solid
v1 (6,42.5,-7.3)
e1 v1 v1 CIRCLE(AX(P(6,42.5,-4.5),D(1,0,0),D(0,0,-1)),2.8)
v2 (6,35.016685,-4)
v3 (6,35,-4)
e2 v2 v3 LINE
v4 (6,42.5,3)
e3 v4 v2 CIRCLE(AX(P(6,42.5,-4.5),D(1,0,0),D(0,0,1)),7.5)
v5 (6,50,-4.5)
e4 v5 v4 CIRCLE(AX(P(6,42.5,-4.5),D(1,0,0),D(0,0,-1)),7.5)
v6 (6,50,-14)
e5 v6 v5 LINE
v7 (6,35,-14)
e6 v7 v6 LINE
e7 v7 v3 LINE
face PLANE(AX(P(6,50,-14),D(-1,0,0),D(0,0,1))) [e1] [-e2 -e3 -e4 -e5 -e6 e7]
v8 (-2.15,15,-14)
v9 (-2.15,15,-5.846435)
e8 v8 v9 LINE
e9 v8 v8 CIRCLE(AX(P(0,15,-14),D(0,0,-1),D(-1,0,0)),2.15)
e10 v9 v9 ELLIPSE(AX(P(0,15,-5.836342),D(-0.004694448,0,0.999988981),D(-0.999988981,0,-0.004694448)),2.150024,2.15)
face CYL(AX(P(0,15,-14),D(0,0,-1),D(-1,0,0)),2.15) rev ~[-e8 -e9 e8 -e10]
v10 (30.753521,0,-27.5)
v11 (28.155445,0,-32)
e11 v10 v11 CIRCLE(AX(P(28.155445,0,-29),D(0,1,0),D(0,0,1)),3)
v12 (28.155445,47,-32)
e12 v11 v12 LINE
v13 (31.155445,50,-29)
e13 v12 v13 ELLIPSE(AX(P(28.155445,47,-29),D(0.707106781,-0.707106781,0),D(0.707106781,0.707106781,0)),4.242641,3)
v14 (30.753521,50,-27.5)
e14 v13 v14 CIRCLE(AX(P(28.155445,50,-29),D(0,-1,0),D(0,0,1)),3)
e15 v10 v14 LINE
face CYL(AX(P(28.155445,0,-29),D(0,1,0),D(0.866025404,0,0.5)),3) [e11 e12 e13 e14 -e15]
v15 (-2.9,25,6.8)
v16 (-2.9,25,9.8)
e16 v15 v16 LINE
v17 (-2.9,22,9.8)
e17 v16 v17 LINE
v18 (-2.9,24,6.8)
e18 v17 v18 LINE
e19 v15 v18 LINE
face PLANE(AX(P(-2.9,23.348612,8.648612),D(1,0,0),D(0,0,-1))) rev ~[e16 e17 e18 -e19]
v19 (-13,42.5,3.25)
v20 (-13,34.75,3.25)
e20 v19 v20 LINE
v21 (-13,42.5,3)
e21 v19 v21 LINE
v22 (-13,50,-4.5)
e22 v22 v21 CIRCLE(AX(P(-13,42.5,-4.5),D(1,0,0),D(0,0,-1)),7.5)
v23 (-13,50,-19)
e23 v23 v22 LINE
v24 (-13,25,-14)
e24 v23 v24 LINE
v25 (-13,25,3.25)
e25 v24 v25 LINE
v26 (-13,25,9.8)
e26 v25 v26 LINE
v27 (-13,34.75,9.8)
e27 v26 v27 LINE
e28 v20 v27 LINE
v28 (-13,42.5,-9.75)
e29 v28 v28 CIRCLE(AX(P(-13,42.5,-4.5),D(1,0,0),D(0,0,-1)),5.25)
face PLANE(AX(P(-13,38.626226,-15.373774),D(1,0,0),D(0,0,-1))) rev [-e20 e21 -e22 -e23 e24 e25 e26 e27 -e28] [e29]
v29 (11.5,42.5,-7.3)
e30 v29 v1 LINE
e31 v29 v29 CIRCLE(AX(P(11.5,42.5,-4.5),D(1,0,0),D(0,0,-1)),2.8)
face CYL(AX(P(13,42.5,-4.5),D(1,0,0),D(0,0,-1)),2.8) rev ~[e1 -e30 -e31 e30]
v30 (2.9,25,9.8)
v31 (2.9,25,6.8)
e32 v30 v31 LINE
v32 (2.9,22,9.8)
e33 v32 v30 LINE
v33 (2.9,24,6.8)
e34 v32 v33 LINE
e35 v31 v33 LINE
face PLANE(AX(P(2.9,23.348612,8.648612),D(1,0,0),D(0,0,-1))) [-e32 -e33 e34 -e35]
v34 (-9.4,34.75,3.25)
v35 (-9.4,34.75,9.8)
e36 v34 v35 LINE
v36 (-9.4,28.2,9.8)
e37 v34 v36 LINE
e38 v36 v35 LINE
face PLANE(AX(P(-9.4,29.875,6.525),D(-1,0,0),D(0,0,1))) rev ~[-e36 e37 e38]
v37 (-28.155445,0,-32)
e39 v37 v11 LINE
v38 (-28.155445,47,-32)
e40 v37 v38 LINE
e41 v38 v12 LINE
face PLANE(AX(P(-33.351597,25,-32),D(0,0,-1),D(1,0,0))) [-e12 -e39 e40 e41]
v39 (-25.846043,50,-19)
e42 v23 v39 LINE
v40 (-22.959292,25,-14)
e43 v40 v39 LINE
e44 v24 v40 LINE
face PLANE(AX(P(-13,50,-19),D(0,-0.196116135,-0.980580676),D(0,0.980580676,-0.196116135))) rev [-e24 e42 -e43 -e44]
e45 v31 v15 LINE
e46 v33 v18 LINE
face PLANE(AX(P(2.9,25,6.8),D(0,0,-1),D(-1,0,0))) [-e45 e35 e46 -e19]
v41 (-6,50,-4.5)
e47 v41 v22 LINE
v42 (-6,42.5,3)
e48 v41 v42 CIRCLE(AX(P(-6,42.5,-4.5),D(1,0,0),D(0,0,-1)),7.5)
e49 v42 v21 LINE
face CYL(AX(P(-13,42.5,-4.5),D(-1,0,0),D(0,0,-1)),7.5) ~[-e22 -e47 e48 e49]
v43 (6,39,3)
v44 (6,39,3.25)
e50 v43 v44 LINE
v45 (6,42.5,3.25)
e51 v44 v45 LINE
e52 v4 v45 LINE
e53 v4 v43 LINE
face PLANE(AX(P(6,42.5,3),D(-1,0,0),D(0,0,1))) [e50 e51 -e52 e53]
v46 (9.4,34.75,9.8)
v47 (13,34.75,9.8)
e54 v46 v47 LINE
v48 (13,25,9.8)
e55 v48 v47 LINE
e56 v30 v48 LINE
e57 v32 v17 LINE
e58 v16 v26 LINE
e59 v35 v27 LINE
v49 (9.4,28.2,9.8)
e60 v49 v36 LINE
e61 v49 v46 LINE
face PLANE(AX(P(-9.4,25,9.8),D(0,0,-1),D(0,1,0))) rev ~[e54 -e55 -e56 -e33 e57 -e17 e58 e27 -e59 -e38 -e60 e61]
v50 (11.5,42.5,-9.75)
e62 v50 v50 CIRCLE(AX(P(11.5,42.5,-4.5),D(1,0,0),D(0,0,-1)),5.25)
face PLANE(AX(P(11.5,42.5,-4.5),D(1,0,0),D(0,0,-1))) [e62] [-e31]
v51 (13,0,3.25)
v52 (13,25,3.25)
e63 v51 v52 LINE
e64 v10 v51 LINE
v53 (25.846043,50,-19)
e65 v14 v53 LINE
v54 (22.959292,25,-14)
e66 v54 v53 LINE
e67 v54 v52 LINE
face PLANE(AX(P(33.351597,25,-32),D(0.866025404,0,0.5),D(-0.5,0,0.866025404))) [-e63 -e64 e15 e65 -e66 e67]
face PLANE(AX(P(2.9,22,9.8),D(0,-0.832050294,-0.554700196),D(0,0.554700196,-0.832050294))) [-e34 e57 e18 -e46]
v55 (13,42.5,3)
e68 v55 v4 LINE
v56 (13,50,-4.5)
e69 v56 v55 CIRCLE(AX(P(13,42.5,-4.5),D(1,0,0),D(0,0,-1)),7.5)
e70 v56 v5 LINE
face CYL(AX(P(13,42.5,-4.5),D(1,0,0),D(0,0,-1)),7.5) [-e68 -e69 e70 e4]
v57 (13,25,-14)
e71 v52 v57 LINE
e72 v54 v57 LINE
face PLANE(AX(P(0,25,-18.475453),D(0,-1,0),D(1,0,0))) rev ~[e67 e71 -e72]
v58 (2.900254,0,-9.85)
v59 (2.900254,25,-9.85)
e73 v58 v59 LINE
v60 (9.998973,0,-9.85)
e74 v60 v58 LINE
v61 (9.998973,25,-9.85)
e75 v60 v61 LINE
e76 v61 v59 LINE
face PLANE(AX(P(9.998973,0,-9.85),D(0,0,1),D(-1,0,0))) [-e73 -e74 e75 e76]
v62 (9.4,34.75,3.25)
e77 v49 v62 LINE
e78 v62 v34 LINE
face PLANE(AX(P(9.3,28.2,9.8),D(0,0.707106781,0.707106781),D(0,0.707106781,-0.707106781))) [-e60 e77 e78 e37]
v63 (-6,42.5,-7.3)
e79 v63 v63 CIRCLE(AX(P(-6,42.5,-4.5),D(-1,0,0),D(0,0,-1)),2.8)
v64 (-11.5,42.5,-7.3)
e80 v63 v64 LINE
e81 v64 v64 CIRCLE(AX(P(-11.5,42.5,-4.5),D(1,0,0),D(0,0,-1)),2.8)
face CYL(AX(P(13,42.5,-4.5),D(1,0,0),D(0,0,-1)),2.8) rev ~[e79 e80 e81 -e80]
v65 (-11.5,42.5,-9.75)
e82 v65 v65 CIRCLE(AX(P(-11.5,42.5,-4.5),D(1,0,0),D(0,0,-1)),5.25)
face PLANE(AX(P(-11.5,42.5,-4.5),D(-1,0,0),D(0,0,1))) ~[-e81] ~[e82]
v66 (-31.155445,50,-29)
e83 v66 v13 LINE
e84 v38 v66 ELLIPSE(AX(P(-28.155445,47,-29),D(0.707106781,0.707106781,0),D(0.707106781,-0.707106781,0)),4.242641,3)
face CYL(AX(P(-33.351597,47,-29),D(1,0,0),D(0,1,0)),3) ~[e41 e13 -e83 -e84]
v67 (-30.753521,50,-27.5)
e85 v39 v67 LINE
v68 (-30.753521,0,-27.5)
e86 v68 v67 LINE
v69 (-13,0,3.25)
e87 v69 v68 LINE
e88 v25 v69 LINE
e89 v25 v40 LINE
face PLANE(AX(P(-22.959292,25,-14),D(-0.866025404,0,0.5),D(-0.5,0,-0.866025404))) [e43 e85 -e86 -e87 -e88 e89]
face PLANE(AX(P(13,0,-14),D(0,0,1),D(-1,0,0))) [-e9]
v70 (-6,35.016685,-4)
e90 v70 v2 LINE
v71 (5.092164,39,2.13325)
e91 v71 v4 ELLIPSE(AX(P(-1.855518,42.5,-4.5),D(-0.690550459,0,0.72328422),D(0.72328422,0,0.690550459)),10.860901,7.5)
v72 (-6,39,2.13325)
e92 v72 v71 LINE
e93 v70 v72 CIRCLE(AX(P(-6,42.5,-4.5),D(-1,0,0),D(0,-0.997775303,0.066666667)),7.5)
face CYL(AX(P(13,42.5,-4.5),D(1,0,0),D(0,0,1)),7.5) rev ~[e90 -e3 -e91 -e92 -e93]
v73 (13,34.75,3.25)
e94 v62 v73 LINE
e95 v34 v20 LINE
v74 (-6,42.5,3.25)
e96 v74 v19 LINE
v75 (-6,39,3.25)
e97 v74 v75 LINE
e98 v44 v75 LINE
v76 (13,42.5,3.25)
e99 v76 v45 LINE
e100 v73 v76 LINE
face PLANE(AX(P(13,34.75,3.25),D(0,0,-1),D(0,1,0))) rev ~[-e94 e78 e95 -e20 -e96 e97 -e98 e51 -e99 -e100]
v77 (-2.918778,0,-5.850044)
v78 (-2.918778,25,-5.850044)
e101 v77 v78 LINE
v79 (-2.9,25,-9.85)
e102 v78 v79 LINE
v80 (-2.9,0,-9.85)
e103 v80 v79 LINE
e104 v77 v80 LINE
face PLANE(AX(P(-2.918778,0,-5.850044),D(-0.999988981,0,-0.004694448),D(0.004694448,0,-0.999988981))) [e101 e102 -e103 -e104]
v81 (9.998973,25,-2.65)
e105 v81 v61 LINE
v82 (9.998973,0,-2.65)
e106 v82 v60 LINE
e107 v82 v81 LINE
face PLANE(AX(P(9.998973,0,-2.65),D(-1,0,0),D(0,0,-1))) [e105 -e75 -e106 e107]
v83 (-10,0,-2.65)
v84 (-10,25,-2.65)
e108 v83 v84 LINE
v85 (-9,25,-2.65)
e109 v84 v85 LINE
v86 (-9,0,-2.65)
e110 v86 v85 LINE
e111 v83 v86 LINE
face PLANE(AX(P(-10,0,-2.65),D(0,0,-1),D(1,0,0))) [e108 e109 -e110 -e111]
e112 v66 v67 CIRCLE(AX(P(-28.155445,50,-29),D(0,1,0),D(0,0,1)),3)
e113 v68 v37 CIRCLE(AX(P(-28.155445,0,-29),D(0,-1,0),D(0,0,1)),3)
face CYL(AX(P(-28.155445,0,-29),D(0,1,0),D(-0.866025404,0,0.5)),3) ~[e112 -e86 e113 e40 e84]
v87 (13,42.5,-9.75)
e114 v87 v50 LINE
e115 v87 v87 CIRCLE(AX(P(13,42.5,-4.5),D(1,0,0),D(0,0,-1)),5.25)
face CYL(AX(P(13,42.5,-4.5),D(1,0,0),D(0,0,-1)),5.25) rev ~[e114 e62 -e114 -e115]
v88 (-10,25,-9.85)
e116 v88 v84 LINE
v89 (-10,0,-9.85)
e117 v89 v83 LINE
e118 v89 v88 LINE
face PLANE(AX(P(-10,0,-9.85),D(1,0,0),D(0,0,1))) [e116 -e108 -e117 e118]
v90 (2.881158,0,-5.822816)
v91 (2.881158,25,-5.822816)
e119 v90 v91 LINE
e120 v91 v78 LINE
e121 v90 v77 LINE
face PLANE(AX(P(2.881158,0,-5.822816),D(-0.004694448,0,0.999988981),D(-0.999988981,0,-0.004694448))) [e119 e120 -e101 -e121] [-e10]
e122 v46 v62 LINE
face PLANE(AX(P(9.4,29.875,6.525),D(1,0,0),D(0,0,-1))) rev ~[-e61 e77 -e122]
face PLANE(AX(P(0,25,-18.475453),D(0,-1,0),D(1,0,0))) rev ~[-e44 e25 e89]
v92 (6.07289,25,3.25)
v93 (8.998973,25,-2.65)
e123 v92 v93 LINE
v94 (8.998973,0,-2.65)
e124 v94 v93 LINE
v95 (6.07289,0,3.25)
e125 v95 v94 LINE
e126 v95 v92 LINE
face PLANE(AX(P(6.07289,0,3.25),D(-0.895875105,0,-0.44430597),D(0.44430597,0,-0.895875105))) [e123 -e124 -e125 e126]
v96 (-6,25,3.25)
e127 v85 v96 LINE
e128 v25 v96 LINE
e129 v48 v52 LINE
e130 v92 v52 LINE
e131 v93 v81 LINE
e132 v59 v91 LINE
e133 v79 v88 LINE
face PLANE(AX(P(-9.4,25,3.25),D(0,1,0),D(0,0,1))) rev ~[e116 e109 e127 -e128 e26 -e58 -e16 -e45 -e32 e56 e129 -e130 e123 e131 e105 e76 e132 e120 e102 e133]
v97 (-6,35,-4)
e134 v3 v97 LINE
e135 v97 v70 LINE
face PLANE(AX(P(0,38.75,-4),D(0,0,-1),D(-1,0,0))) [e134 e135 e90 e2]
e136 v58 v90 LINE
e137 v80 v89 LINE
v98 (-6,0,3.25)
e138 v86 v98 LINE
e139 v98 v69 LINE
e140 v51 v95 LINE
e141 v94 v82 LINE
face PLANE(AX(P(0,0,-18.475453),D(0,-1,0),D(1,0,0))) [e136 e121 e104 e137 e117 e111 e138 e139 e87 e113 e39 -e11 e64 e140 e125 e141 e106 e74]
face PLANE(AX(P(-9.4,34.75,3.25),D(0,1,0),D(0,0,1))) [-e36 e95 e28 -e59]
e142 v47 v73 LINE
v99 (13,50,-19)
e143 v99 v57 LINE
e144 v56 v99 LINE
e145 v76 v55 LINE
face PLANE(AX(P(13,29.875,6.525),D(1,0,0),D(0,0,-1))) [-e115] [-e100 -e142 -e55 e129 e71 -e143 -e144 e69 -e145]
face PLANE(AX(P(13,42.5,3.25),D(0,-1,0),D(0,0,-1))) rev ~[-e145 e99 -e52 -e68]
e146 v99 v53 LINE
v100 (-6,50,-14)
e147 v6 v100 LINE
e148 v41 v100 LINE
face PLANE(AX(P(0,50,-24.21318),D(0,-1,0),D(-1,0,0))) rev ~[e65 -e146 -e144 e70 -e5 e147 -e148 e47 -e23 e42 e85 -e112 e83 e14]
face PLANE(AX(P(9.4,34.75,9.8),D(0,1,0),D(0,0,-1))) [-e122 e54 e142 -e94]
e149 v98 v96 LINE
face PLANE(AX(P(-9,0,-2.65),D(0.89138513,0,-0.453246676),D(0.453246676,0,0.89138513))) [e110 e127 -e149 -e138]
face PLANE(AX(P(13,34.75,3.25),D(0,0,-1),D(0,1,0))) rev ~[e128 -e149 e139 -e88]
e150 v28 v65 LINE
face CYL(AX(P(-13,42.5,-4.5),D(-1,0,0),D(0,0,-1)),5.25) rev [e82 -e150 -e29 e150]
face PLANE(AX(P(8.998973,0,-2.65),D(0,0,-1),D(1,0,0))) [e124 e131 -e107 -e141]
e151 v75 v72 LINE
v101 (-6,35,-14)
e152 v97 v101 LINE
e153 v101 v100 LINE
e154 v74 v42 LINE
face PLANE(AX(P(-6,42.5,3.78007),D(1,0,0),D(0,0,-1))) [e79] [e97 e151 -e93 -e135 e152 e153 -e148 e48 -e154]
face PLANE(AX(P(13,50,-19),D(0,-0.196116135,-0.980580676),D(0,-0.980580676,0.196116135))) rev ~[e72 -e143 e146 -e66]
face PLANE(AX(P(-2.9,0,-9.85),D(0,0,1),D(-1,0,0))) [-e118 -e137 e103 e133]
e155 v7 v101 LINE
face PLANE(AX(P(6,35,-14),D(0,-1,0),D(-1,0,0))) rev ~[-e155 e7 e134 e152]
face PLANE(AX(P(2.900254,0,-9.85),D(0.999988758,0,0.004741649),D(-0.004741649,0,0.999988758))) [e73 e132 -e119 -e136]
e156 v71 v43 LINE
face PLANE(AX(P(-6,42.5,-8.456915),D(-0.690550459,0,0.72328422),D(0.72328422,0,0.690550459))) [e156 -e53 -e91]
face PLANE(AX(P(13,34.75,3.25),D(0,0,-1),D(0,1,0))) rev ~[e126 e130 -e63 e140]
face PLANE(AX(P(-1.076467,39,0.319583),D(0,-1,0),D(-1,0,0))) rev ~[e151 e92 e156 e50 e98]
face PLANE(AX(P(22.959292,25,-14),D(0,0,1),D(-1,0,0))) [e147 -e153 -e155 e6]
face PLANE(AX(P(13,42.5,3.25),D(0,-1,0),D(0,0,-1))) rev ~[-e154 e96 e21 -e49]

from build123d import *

# Parameters (mm, degrees)
BOSS_EXTRUDE1_DEPTH     = 50
CUT_EXTRUDE6_DEPTH      = 25
CUT_EXTRUDE3_DEPTH      = 39.00000000000001
SKETCH14_R              = 7.5000000000001545
BOSS_EXTRUDE7_DEPTH     = 7
SKETCH15_R              = 2.800000000000002
CUT_EXTRUDE4_DEPTH      = 27.999999999999996
SKETCH16_R              = 5.249999999999997
CUT_EXTRUDE5_DEPTH      = 1.5
CUT_EXTRUDE7_DEPTH      = 54.52569476429079
SKETCH19_R              = 2.1499999999999995
CUT_EXTRUDE9_DEPTH      = 50
ENL_V_MAT_EXTRU_1_DEPTH = 7.5
ENL_V_MAT_EXTRU_3_DEPTH = 10
BOSS_EXTRU_1_DEPTH      = 26.00000000000001
ENL_V_MAT_EXTRU_5_DEPTH = 3.5
BOSS_EXTRU_3_DEPTH      = 1
BOSS_EXTRU_4_START      = -5.8
BOSS_EXTRU_4_DEPTH      = 5.8
BOSS_EXTRU_5_DEPTH      = 0.1
BOSS_EXTRU_6_DEPTH      = 0.1
ESQUISSE13_W            = 6.549999999999918
ESQUISSE13_H            = 9.750000000000139
BOSS_EXTRU_7_DEPTH      = 3.6
ESQUISSE14_W            = 6.549999999999992
ESQUISSE14_H            = 9.750000000000139
BOSS_EXTRU_8_DEPTH      = 3.6
BOSS_EXTRU_11_DEPTH     = 25
BOSS_EXTRU_12_DEPTH     = 25
ENL_V_MAT_EXTRU_6_DEPTH = 28.00000000000001
CONG_1_R                = 3


with BuildPart() as part:
    # Sketch1 → Boss-Extrude1 (new body)
    with BuildSketch(Plane(origin=(0, 0, 0), x_dir=(1, 0, 0), z_dir=(0, 1, 0))):
        Polygon((-13.000000000000004, 14), (12.999999999999996, 14), (13.000000000000002, -14), (-12.999999999999998, -14), align=None)
    extrude(amount=BOSS_EXTRUDE1_DEPTH)

    # Sketch3 → Cut-Extrude6 (cut)
    with BuildSketch(Plane(origin=(0, 0, 0), x_dir=(1, 0, 0), z_dir=(0, 1, 0))):
        Polygon((9.998973293230602, 2.6500000000000012), (9.9989732932306, 9.850000000000001), (2.9002540058261537, 9.850000000000001), (2.881158297661572, 5.82281627717582), (-2.9187777922427904, 5.850044075927868), (-2.8999999999999972, 9.850000000000001), (-9.999999999999996, 9.85), (-9.999999999999995, 2.6499999999999995), (-8.99999999999974, 2.6499999999999995), (-6.00000000000001, -3.2500000000000027), (-9.999999999999998, -3.2500000000000027), (-9.999999999999993, -4.349999999999079), (-9.99999999999999, -15.089504782389637), (10.190019105374848, -15.102048820223754), (10.123266065424222, -8.899331206040385), (10.06892160658641, -3.849623622447693), (10.062468515842252, -3.2500000000000027), (6.072889948170096, -3.2500000000000027), (8.998973293230604, 2.6500000000000017), align=None)
    extrude(amount=CUT_EXTRUDE6_DEPTH, mode=Mode.SUBTRACT)

    # Sketch7 → Cut-Extrude3 (cut)
    with BuildSketch(Plane(origin=(13, 0, -2.42e-15), x_dir=(-1.3e-16, 0, -1), z_dir=(1, 0, -1.3e-16))):
        with BuildLine():
            Line((4.499999999999999, 50), (-14.000000000000002, 50))
            Line((-14.000000000000002, 50), (-14.000000000000002, 24.000000000000004))
            Line((-14.000000000000002, 24.000000000000004), (-0.8033008588991847, 37.19669914110098))
            ThreePointArc((-0.8033008588991847, 37.19669914110098), (11.429096493834622, 39.629874257261775), (4.499999999999999, 50))
        make_face()
    extrude(amount=-CUT_EXTRUDE3_DEPTH, mode=Mode.SUBTRACT)

    # Sketch14 → Boss-Extrude7 (add)
    with BuildSketch(Plane(origin=(13, 0, -2.42e-15), x_dir=(-1.3e-16, 0, -1), z_dir=(1, 0, -1.3e-16))):
        with Locations((4.499999999999999, 42.500000000000114)):
            Circle(SKETCH14_R)
    boss_extrude7 = extrude(amount=-BOSS_EXTRUDE7_DEPTH)

    # Symétrie1: Boss-Extrude7 across plane
    add(boss_extrude7.mirror(Plane(origin=(0, 0, 0), x_dir=(0, 0, 1), z_dir=(1, 0, 0))))

    # Sketch15 → Cut-Extrude4 (cut)
    with BuildSketch(Plane(origin=(13, 0, -2.42e-15), x_dir=(-1.3e-16, 0, -1), z_dir=(1, 0, -1.3e-16))):
        with Locations((4.499999999999999, 42.50000000000027)):
            Circle(SKETCH15_R)
    extrude(amount=-CUT_EXTRUDE4_DEPTH, mode=Mode.SUBTRACT)

    # Sketch16 → Cut-Extrude5 (cut)
    with BuildSketch(Plane(origin=(13, 0, -2.42e-15), x_dir=(-1.3e-16, 0, -1), z_dir=(1, 0, -1.3e-16))):
        with Locations((4.499999999999999, 42.50000000000027)):
            Circle(SKETCH16_R)
    cut_extrude5 = extrude(amount=-CUT_EXTRUDE5_DEPTH, mode=Mode.SUBTRACT)

    # Mirror3: Cut-Extrude5 across plane
    add(cut_extrude5.mirror(Plane(origin=(0, 0, 0), x_dir=(0, 0, 1), z_dir=(1, 0, 0))), mode=Mode.SUBTRACT)

    # Sketch17 → Cut-Extrude7 (cut, through all)
    with BuildSketch(Plane.XZ):
        Polygon((-9.29999999999996, 3.250000000000054), (-13.000000000000009, 3.2500000000000546), (-12.999999999999998, 14), (13.000000000000002, 14), (12.99999999999999, 3.2500000000000546), (9.300000000000033, 3.2499999999999205), (9.300000000000033, 9.79999999999992), (-9.29999999999996, 9.80000000000005), align=None)
    extrude(amount=-CUT_EXTRUDE7_DEPTH, mode=Mode.SUBTRACT)

    # Sketch19 → Cut-Extrude9 (cut)
    with BuildSketch(Plane(origin=(0, 0, -14), x_dir=(-1, 0, 0), z_dir=(0, 0, -1))):
        with Locations((0, 15)):
            Circle(SKETCH19_R)
    extrude(amount=-CUT_EXTRUDE9_DEPTH, mode=Mode.SUBTRACT)

    # Esquisse1 → Enlèv. mat.-Extru.1 (cut)
    with BuildSketch(Plane(origin=(0, 50, 0), x_dir=(1, 0, 0), z_dir=(0, 1, 0))):
        Polygon((5.999999999999998, 4.500000000000001), (-6.000000000000002, 4.499999999999999), (-6, 14), (5.999999999999998, 14), align=None)
    extrude(amount=-ENL_V_MAT_EXTRU_1_DEPTH, mode=Mode.SUBTRACT)

    # Esquisse3 → Enlèv. mat.-Extru.3 (cut)
    with BuildSketch(Plane(origin=(0, 0, -14), x_dir=(-1, 0, 0), z_dir=(0, 0, -1))):
        Polygon((6, 42.5), (-6, 42.5), (-5.999999999999999, 35), (6.000000000000001, 35), align=None)
    extrude(amount=-ENL_V_MAT_EXTRU_3_DEPTH, mode=Mode.SUBTRACT)

    # Esquisse6 → Boss.-Extru.1 (add)
    with BuildSketch(Plane(origin=(13, 0, -2.42e-15), x_dir=(-1.9e-16, 0, -1), z_dir=(1, 0, -1.9e-16))):
        with BuildLine():
            Line((-3.2500000000000573, 34.75000000000014), (-3.2500000000000573, 42.50000000000006))
            Line((-3.2500000000000573, 42.50000000000006), (-3.0000000000000226, 42.50000000000006))
            ThreePointArc((-3.0000000000000226, 42.50000000000006), (-2.4290964938347503, 39.629874257261875), (-0.8033008588992404, 37.19669914110092))
            Line((-0.8033008588992404, 37.19669914110092), (-3.2500000000000573, 34.75000000000014))
        make_face()
    extrude(amount=-BOSS_EXTRU_1_DEPTH)

    # Esquisse7 → Enlèv. mat.-Extru.5 (cut)
    with BuildSketch(Plane(origin=(0, 42.50000000000006, 0), x_dir=(1, 0, 0), z_dir=(0, 1, 0))):
        Polygon((5.999999999999993, -3.0000000000000213), (5.999999999999993, -7.096354864410982), (-6.000000000000002, -3.7800697907913037), (-6.000000000000002, 8.456914552722129), align=None)
    extrude(amount=-ENL_V_MAT_EXTRU_5_DEPTH, mode=Mode.SUBTRACT)

    # Esquisse9 → Boss.-Extru.3 (add)
    with BuildSketch(Plane(origin=(0, 25, 0), x_dir=(-1, 0, 0), z_dir=(0, -1, 0))):
        Polygon((2.899999999999959, -9.80000000000005), (-2.9000000000000408, -9.80000000000005), (-2.9000000000000408, -6.8000000000000504), (2.899999999999959, -6.80000000000005), align=None)
    extrude(amount=BOSS_EXTRU_3_DEPTH)

    # Esquisse10 → Boss.-Extru.4 (add)
    with BuildSketch(Plane.ZY.offset(2.899999999999959).offset(BOSS_EXTRU_4_START)):
        Polygon((9.80000000000005, 24), (9.80000000000005, 22), (6.80000000000005, 24), align=None)
    extrude(amount=BOSS_EXTRU_4_DEPTH)

    # Esquisse11 → Boss.-Extru.5 (add)
    with BuildSketch(Plane.ZY.offset(9.29999999999996)):
        Polygon((3.2500000000000586, 34.75000000000014), (9.80000000000005, 28.20000000000007), (9.80000000000005, 25), (3.2500000000000586, 25), align=None)
    extrude(amount=BOSS_EXTRU_5_DEPTH)

    # Esquisse12 → Boss.-Extru.6 (add)
    with BuildSketch(Plane(origin=(9.300000000000033, 0, 0), x_dir=(0, 0, -1), z_dir=(1, 0, 0))):
        Polygon((-9.79999999999992, 25), (-9.799999999999923, 28.20000000000013), (-3.250000000000055, 34.75000000000014), (-3.2499999999999205, 25), align=None)
    extrude(amount=BOSS_EXTRU_6_DEPTH)

    # Esquisse13 → Boss.-Extru.7 (add)
    with BuildSketch(Plane(origin=(9.400000000000032, 0, 0), x_dir=(0, 0, -1), z_dir=(1, 0, 0))):
        with Locations((-6.524999999999961, 29.87500000000007)):
            Rectangle(ESQUISSE13_W, ESQUISSE13_H)
    extrude(amount=BOSS_EXTRU_7_DEPTH)

    # Esquisse14 → Boss.-Extru.8 (add)
    with BuildSketch(Plane.ZY.offset(9.39999999999996)):
        with Locations((6.5250000000000545, 29.87500000000007)):
            Rectangle(ESQUISSE14_W, ESQUISSE14_H)
    extrude(amount=BOSS_EXTRU_8_DEPTH)

    # Esquisse18 → Boss.-Extru.11 (add)
    with BuildSketch(Plane.XZ):
        Polygon((-13.000000000000009, 3.2500000000000524), (-33.35159698893457, -32), (33.35159698893456, -32), (12.99999999999999, 3.2500000000000546), (12.999999999999996, -14), (-13.000000000000004, -14), align=None)
    extrude(amount=-BOSS_EXTRU_11_DEPTH)

    # Esquisse19 → Boss.-Extru.12 (add)
    with BuildSketch(Plane(origin=(0, 25, 0), x_dir=(1, 0, 0), z_dir=(0, 1, 0))):
        Polygon((33.35159698893456, 32), (22.959292143521182, 14.000000000000002), (-22.95929214352119, 14), (-33.35159698893457, 32), align=None)
    extrude(amount=BOSS_EXTRU_12_DEPTH)

    # Esquisse20 → Enlèv. mat.-Extru.6 (cut)
    with BuildSketch(Plane(origin=(13, 0, -2.42e-15), x_dir=(-1.9e-16, 0, -1), z_dir=(1, 0, -1.9e-16))):
        Polygon((14, 25), (14, 50), (19, 50), align=None)
    enl_v_mat_extru_6 = extrude(amount=ENL_V_MAT_EXTRU_6_DEPTH, mode=Mode.SUBTRACT)

    # Symétrie3: Enlèv. mat.-Extru.6 across plane
    add(enl_v_mat_extru_6.mirror(Plane(origin=(0, 0, 0), x_dir=(0, 0, 1), z_dir=(1, 0, 0))), mode=Mode.SUBTRACT)

    # Congé1
    cong_1_edges = [part.edges().sort_by_distance(p)[0] for p in [
        (33.35159698893456, 25, -32),
        (-33.35159698893457, 25, -32),
        (-7.11e-15, 50, -32),
    ]]
    fillet(cong_1_edges, radius=CONG_1_R)


solid = part.part
